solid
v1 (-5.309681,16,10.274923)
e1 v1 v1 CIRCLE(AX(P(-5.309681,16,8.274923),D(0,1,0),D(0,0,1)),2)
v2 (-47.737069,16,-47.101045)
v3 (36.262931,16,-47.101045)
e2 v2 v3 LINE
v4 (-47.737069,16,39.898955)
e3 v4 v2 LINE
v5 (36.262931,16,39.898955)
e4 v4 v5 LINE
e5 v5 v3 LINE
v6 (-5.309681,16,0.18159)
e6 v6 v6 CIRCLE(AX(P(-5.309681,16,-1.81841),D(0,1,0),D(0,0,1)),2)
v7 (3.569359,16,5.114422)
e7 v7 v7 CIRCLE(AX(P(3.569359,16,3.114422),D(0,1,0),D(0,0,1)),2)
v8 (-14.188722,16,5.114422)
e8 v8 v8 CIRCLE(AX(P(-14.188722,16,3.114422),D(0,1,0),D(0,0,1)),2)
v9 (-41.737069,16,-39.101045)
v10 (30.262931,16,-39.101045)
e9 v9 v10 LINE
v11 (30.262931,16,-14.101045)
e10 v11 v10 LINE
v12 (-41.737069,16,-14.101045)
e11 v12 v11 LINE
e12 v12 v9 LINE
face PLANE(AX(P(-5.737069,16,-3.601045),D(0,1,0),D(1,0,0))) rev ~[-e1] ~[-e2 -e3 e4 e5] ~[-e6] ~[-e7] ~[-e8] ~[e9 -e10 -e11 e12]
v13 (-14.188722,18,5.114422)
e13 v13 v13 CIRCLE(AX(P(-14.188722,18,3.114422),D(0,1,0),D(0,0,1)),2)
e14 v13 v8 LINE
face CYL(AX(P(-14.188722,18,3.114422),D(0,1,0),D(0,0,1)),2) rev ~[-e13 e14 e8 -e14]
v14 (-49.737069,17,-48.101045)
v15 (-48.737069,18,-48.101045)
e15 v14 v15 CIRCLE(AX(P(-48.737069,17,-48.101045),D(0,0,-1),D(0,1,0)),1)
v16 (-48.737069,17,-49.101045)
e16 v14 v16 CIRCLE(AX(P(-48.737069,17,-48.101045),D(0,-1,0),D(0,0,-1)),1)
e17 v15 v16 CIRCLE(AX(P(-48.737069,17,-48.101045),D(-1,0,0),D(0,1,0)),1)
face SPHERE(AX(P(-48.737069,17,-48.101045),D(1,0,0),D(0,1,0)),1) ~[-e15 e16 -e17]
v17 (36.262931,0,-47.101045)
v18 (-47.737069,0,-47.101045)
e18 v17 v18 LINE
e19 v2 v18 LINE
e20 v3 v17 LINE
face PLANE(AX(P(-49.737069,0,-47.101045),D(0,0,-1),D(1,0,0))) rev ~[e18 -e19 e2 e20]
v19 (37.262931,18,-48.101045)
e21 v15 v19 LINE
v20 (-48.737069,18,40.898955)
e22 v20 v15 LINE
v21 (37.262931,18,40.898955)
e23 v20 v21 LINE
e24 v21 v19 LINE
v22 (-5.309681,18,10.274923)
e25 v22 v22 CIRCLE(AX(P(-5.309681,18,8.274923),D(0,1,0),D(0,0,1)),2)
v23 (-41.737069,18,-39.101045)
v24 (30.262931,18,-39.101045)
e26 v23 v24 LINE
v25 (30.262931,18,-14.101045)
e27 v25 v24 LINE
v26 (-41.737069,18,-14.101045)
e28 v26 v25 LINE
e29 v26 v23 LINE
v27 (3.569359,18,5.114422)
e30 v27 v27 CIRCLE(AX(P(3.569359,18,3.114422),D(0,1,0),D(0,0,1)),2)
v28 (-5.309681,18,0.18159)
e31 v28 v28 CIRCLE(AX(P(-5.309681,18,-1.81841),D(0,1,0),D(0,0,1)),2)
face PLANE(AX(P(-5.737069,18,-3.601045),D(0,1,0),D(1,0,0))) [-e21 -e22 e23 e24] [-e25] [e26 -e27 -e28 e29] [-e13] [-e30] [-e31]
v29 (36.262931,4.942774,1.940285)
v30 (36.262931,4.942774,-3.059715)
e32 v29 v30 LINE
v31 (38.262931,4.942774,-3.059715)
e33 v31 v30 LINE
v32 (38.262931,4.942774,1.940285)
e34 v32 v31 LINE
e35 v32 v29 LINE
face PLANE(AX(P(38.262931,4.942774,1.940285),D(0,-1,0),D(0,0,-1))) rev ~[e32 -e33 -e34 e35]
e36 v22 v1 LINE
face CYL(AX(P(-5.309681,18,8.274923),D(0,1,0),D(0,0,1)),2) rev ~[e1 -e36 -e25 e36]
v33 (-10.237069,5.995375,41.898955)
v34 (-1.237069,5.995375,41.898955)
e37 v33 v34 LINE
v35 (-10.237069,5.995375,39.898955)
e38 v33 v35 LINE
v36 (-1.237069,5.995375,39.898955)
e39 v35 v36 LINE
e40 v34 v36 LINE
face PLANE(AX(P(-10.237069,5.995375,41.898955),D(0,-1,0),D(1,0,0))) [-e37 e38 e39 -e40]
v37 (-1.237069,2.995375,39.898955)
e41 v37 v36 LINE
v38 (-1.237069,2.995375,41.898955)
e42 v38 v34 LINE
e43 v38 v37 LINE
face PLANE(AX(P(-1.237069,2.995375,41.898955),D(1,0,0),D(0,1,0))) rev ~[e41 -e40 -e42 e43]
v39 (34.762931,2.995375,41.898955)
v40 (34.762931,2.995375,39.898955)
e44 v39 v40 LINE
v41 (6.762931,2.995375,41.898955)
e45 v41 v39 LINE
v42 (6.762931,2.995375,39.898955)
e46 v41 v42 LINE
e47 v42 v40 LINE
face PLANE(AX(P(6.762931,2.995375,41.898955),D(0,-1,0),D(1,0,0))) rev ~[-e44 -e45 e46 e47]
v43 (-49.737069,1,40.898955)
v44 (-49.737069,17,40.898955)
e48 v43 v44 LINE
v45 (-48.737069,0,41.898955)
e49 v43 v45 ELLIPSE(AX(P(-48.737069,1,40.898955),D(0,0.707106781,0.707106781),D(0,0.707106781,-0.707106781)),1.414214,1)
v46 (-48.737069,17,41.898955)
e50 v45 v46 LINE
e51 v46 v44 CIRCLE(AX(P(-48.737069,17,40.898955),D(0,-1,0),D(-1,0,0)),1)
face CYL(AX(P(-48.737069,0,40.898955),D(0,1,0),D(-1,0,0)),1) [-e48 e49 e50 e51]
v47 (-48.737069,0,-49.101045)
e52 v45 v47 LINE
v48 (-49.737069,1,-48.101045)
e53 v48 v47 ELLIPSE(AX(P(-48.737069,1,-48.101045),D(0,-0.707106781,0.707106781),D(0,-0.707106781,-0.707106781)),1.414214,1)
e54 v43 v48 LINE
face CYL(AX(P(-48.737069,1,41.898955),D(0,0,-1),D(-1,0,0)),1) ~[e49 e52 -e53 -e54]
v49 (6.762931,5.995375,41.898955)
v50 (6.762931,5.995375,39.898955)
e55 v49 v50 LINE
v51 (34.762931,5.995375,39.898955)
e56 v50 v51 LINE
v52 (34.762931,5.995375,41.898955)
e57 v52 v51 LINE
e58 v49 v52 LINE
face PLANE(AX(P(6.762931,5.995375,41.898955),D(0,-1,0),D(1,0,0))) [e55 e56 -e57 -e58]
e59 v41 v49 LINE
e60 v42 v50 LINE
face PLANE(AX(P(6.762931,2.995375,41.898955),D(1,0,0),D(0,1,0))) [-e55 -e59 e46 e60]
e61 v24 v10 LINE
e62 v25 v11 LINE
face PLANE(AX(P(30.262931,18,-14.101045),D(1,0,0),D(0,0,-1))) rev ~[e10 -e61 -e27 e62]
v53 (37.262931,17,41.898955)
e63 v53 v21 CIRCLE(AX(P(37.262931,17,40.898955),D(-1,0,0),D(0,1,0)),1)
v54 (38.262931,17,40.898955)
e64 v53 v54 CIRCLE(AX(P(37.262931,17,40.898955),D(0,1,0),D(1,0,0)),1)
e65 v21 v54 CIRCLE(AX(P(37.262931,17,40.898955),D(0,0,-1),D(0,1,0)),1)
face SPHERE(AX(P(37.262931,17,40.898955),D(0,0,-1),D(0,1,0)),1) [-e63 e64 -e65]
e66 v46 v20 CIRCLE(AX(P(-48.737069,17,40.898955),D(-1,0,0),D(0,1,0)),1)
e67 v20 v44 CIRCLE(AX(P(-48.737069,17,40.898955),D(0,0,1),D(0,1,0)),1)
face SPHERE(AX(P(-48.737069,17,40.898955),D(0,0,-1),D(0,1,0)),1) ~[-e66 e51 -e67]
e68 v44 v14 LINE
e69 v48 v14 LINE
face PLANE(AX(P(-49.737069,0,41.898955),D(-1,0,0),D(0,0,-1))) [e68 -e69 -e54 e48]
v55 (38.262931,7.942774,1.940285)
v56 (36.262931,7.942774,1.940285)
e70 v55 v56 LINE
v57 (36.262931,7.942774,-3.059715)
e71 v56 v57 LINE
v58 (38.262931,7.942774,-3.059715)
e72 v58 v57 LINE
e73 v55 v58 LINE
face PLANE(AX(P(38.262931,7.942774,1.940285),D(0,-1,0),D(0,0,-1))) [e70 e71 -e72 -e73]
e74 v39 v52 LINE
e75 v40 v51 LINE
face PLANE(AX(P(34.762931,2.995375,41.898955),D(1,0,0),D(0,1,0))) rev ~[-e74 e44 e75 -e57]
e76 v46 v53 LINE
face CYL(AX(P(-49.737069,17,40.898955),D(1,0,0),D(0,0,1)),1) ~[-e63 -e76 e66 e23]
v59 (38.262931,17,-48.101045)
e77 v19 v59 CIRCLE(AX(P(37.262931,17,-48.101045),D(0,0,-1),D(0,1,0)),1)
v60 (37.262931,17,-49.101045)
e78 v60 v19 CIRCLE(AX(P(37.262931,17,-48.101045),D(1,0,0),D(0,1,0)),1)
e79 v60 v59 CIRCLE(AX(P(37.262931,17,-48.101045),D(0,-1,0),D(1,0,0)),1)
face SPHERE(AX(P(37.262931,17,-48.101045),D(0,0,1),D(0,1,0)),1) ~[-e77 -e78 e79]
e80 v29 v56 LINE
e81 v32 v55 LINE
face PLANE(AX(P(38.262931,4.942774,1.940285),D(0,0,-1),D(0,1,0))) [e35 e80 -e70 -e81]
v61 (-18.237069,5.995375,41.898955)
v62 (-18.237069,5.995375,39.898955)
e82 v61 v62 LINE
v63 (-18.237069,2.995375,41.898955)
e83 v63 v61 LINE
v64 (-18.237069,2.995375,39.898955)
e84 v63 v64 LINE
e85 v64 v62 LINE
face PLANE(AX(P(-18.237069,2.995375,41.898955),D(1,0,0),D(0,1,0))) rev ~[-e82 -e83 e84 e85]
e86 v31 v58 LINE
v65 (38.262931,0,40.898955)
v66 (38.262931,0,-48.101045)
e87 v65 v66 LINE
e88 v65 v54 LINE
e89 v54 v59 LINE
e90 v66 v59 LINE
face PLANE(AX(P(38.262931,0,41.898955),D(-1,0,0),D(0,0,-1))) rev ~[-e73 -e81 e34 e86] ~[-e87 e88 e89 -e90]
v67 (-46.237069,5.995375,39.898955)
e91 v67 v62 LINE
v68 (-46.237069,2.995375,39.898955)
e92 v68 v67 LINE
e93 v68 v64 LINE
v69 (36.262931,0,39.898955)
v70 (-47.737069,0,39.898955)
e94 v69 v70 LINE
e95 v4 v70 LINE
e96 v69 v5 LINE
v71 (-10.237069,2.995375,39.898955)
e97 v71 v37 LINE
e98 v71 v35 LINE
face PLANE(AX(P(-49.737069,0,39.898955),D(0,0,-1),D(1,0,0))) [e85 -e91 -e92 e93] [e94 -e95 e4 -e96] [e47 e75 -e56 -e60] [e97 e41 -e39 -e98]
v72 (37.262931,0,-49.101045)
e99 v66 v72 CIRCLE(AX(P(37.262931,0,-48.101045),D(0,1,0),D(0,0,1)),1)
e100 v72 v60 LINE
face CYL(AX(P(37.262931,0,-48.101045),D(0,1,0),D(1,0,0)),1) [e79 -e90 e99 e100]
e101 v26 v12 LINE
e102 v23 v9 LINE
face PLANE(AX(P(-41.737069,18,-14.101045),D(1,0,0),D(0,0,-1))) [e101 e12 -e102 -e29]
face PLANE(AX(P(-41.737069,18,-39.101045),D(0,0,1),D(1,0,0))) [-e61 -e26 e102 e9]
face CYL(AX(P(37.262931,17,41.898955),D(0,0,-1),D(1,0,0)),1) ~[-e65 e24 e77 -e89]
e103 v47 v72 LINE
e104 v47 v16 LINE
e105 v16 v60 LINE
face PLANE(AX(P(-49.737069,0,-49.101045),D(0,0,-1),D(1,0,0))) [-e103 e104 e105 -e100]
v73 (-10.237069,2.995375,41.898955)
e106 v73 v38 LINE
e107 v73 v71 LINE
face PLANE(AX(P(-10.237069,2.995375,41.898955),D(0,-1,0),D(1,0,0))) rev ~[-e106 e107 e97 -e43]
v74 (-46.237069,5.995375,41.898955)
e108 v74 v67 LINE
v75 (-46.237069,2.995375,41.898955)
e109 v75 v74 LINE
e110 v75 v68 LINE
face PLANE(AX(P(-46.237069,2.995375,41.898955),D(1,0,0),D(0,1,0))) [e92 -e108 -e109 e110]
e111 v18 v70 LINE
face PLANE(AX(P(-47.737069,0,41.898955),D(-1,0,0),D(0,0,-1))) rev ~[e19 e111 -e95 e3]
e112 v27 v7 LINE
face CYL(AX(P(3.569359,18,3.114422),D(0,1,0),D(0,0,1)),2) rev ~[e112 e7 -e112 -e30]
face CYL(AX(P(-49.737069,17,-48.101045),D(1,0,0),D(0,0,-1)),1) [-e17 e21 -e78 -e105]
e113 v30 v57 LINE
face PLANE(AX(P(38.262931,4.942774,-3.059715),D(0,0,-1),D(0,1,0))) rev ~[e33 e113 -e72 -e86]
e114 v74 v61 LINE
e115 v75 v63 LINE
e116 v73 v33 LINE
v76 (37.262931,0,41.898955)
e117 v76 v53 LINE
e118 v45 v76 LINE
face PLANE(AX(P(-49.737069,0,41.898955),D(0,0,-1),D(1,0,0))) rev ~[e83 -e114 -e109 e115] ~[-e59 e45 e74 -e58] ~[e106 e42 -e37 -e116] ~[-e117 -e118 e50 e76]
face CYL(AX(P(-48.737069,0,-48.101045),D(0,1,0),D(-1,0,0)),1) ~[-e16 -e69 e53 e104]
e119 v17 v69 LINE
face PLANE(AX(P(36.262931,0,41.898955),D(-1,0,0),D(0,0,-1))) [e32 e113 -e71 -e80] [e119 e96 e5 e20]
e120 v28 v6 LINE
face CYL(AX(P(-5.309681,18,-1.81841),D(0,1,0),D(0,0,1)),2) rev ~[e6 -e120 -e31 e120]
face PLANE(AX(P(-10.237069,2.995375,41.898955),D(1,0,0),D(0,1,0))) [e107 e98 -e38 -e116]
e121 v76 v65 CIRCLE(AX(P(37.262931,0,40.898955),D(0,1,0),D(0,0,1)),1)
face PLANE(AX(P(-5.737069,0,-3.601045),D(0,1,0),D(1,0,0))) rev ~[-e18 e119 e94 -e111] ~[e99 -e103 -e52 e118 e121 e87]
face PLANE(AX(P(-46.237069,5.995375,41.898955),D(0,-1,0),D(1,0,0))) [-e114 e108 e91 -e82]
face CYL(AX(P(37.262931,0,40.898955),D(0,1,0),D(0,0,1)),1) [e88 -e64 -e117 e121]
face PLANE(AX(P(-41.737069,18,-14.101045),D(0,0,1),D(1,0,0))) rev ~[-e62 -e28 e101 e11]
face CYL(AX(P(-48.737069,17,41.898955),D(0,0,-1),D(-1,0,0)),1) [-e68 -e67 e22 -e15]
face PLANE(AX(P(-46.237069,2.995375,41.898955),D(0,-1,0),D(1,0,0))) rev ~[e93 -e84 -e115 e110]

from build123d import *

# Parameters (mm, degrees)
SKETCH1_W           = 88
SKETCH1_H           = 91
BOSS_EXTRUDE1_DEPTH = 18
SHELL1_T            = -2
FILLET1_R           = 1
SKETCH2_R           = 2
SKETCH2_W           = 72
SKETCH2_H           = 25
CUT_EXTRUDE1_DEPTH  = 18
CUT_EXTRUDE2_REACH  = 107.256
SKETCH3_W           = 28
SKETCH3_H           = 3
SKETCH3_W_2         = 9
CUT_EXTRUDE3_REACH  = 104.367
SKETCH4_W           = 5
SKETCH4_H           = 3


with BuildPart() as part:
    # Sketch1 → Boss-Extrude1 (new body)
    with BuildSketch(Plane(origin=(0, 0, 0), x_dir=(1, 0, 0), z_dir=(0, 1, 0))):
        with Locations((-5.737068998, 3.601045098)):
            Rectangle(SKETCH1_W, SKETCH1_H)
    extrude(amount=BOSS_EXTRUDE1_DEPTH)

    # Shell1
    shell1_openings = [part.faces().sort_by_distance(p)[0] for p in [
        (-5.737068998, 0, -3.601045098),
    ]]
    offset(amount=SHELL1_T, openings=shell1_openings, kind=Kind.INTERSECTION)

    # Fillet1
    fillet1_edges = [part.edges().sort_by_distance(p)[0] for p in [
        (38.262931002, 18, -3.601045098),
        (-5.737068998, 18, -49.101045098),
        (-49.737068998, 18, -3.601045098),
        (-49.737068998, 0, -3.601045098),
        (-5.737068998, 18, 41.898954902),
        (-49.737068998, 9, -49.101045098),
        (38.262931002, 9, -49.101045098),
        (38.262931002, 9, 41.898954902),
        (-49.737068998, 9, 41.898954902),
    ]]
    fillet(fillet1_edges, radius=FILLET1_R)

    # Sketch2 → Cut-Extrude1 (cut)
    with BuildSketch(Plane(origin=(0, 18, 0), x_dir=(1, 0, 0), z_dir=(0, 1, 0))):
        with Locations(Location((-5.30968118, 1.818409631, 0), (0, 0, 270))):
            Circle(SKETCH2_R)
        with Locations(Location((-5.30968118, -8.274923211, 0), (0, 0, 270))):
            Circle(SKETCH2_R)
        with Locations(Location((-14.188721584, -3.11442221, 0), (0, 0, 270))):
            Circle(SKETCH2_R)
        with Locations(Location((3.569359225, -3.11442221, 0), (0, 0, 270))):
            Circle(SKETCH2_R)
        with Locations((-5.737068998, 26.601045098)):
            Rectangle(SKETCH2_W, SKETCH2_H)
    extrude(amount=-CUT_EXTRUDE1_DEPTH, mode=Mode.SUBTRACT)

    # Sketch3 → Cut-Extrude2 (cut, up to next)
    with BuildSketch(Plane.XY.offset(41.898954902), mode=Mode.PRIVATE) as cut_extrude2_sk1:
        with Locations((-32.237068998, 4.495374911)):
            Rectangle(SKETCH3_W, SKETCH3_H)
    cut_extrude2_tool1 = extrude(cut_extrude2_sk1.sketch, amount=-CUT_EXTRUDE2_REACH, mode=Mode.PRIVATE) & part.part
    # Sketch3 → Cut-Extrude2 (cut, up to next)
    with BuildSketch(Plane.XY.offset(41.898954902), mode=Mode.PRIVATE) as cut_extrude2_sk2:
        with Locations((20.762931002, 4.495374911)):
            Rectangle(SKETCH3_W, SKETCH3_H)
    cut_extrude2_tool2 = extrude(cut_extrude2_sk2.sketch, amount=-CUT_EXTRUDE2_REACH, mode=Mode.PRIVATE) & part.part
    # Sketch3 → Cut-Extrude2 (cut, up to next)
    with BuildSketch(Plane.XY.offset(41.898954902), mode=Mode.PRIVATE) as cut_extrude2_sk3:
        with Locations((-5.737068998, 4.495374911)):
            Rectangle(SKETCH3_W_2, SKETCH3_H)
    cut_extrude2_tool3 = extrude(cut_extrude2_sk3.sketch, amount=-CUT_EXTRUDE2_REACH, mode=Mode.PRIVATE) & part.part
    add(cut_extrude2_tool1.solids().sort_by_distance((-32.237069, 4.495375, 41.898955))[0], mode=Mode.SUBTRACT)
    add(cut_extrude2_tool2.solids().sort_by_distance((20.762931, 4.495375, 41.898955))[0], mode=Mode.SUBTRACT)
    add(cut_extrude2_tool3.solids().sort_by_distance((-5.737069, 4.495375, 41.898955))[0], mode=Mode.SUBTRACT)

    # Sketch4 → Cut-Extrude3 (cut, up to next)
    with BuildSketch(Plane(origin=(38.262931002, 0, 0), x_dir=(0, 0, -1), z_dir=(1, 0, 0)), mode=Mode.PRIVATE) as cut_extrude3_sk1:
        with Locations((0.5597151, 6.442773973)):
            Rectangle(SKETCH4_W, SKETCH4_H)
    cut_extrude3_tool1 = extrude(cut_extrude3_sk1.sketch, amount=-CUT_EXTRUDE3_REACH, mode=Mode.PRIVATE) & part.part
    add(cut_extrude3_tool1.solids().sort_by_distance((38.262931, 6.442774, -0.559715))[0], mode=Mode.SUBTRACT)


solid = part.part
